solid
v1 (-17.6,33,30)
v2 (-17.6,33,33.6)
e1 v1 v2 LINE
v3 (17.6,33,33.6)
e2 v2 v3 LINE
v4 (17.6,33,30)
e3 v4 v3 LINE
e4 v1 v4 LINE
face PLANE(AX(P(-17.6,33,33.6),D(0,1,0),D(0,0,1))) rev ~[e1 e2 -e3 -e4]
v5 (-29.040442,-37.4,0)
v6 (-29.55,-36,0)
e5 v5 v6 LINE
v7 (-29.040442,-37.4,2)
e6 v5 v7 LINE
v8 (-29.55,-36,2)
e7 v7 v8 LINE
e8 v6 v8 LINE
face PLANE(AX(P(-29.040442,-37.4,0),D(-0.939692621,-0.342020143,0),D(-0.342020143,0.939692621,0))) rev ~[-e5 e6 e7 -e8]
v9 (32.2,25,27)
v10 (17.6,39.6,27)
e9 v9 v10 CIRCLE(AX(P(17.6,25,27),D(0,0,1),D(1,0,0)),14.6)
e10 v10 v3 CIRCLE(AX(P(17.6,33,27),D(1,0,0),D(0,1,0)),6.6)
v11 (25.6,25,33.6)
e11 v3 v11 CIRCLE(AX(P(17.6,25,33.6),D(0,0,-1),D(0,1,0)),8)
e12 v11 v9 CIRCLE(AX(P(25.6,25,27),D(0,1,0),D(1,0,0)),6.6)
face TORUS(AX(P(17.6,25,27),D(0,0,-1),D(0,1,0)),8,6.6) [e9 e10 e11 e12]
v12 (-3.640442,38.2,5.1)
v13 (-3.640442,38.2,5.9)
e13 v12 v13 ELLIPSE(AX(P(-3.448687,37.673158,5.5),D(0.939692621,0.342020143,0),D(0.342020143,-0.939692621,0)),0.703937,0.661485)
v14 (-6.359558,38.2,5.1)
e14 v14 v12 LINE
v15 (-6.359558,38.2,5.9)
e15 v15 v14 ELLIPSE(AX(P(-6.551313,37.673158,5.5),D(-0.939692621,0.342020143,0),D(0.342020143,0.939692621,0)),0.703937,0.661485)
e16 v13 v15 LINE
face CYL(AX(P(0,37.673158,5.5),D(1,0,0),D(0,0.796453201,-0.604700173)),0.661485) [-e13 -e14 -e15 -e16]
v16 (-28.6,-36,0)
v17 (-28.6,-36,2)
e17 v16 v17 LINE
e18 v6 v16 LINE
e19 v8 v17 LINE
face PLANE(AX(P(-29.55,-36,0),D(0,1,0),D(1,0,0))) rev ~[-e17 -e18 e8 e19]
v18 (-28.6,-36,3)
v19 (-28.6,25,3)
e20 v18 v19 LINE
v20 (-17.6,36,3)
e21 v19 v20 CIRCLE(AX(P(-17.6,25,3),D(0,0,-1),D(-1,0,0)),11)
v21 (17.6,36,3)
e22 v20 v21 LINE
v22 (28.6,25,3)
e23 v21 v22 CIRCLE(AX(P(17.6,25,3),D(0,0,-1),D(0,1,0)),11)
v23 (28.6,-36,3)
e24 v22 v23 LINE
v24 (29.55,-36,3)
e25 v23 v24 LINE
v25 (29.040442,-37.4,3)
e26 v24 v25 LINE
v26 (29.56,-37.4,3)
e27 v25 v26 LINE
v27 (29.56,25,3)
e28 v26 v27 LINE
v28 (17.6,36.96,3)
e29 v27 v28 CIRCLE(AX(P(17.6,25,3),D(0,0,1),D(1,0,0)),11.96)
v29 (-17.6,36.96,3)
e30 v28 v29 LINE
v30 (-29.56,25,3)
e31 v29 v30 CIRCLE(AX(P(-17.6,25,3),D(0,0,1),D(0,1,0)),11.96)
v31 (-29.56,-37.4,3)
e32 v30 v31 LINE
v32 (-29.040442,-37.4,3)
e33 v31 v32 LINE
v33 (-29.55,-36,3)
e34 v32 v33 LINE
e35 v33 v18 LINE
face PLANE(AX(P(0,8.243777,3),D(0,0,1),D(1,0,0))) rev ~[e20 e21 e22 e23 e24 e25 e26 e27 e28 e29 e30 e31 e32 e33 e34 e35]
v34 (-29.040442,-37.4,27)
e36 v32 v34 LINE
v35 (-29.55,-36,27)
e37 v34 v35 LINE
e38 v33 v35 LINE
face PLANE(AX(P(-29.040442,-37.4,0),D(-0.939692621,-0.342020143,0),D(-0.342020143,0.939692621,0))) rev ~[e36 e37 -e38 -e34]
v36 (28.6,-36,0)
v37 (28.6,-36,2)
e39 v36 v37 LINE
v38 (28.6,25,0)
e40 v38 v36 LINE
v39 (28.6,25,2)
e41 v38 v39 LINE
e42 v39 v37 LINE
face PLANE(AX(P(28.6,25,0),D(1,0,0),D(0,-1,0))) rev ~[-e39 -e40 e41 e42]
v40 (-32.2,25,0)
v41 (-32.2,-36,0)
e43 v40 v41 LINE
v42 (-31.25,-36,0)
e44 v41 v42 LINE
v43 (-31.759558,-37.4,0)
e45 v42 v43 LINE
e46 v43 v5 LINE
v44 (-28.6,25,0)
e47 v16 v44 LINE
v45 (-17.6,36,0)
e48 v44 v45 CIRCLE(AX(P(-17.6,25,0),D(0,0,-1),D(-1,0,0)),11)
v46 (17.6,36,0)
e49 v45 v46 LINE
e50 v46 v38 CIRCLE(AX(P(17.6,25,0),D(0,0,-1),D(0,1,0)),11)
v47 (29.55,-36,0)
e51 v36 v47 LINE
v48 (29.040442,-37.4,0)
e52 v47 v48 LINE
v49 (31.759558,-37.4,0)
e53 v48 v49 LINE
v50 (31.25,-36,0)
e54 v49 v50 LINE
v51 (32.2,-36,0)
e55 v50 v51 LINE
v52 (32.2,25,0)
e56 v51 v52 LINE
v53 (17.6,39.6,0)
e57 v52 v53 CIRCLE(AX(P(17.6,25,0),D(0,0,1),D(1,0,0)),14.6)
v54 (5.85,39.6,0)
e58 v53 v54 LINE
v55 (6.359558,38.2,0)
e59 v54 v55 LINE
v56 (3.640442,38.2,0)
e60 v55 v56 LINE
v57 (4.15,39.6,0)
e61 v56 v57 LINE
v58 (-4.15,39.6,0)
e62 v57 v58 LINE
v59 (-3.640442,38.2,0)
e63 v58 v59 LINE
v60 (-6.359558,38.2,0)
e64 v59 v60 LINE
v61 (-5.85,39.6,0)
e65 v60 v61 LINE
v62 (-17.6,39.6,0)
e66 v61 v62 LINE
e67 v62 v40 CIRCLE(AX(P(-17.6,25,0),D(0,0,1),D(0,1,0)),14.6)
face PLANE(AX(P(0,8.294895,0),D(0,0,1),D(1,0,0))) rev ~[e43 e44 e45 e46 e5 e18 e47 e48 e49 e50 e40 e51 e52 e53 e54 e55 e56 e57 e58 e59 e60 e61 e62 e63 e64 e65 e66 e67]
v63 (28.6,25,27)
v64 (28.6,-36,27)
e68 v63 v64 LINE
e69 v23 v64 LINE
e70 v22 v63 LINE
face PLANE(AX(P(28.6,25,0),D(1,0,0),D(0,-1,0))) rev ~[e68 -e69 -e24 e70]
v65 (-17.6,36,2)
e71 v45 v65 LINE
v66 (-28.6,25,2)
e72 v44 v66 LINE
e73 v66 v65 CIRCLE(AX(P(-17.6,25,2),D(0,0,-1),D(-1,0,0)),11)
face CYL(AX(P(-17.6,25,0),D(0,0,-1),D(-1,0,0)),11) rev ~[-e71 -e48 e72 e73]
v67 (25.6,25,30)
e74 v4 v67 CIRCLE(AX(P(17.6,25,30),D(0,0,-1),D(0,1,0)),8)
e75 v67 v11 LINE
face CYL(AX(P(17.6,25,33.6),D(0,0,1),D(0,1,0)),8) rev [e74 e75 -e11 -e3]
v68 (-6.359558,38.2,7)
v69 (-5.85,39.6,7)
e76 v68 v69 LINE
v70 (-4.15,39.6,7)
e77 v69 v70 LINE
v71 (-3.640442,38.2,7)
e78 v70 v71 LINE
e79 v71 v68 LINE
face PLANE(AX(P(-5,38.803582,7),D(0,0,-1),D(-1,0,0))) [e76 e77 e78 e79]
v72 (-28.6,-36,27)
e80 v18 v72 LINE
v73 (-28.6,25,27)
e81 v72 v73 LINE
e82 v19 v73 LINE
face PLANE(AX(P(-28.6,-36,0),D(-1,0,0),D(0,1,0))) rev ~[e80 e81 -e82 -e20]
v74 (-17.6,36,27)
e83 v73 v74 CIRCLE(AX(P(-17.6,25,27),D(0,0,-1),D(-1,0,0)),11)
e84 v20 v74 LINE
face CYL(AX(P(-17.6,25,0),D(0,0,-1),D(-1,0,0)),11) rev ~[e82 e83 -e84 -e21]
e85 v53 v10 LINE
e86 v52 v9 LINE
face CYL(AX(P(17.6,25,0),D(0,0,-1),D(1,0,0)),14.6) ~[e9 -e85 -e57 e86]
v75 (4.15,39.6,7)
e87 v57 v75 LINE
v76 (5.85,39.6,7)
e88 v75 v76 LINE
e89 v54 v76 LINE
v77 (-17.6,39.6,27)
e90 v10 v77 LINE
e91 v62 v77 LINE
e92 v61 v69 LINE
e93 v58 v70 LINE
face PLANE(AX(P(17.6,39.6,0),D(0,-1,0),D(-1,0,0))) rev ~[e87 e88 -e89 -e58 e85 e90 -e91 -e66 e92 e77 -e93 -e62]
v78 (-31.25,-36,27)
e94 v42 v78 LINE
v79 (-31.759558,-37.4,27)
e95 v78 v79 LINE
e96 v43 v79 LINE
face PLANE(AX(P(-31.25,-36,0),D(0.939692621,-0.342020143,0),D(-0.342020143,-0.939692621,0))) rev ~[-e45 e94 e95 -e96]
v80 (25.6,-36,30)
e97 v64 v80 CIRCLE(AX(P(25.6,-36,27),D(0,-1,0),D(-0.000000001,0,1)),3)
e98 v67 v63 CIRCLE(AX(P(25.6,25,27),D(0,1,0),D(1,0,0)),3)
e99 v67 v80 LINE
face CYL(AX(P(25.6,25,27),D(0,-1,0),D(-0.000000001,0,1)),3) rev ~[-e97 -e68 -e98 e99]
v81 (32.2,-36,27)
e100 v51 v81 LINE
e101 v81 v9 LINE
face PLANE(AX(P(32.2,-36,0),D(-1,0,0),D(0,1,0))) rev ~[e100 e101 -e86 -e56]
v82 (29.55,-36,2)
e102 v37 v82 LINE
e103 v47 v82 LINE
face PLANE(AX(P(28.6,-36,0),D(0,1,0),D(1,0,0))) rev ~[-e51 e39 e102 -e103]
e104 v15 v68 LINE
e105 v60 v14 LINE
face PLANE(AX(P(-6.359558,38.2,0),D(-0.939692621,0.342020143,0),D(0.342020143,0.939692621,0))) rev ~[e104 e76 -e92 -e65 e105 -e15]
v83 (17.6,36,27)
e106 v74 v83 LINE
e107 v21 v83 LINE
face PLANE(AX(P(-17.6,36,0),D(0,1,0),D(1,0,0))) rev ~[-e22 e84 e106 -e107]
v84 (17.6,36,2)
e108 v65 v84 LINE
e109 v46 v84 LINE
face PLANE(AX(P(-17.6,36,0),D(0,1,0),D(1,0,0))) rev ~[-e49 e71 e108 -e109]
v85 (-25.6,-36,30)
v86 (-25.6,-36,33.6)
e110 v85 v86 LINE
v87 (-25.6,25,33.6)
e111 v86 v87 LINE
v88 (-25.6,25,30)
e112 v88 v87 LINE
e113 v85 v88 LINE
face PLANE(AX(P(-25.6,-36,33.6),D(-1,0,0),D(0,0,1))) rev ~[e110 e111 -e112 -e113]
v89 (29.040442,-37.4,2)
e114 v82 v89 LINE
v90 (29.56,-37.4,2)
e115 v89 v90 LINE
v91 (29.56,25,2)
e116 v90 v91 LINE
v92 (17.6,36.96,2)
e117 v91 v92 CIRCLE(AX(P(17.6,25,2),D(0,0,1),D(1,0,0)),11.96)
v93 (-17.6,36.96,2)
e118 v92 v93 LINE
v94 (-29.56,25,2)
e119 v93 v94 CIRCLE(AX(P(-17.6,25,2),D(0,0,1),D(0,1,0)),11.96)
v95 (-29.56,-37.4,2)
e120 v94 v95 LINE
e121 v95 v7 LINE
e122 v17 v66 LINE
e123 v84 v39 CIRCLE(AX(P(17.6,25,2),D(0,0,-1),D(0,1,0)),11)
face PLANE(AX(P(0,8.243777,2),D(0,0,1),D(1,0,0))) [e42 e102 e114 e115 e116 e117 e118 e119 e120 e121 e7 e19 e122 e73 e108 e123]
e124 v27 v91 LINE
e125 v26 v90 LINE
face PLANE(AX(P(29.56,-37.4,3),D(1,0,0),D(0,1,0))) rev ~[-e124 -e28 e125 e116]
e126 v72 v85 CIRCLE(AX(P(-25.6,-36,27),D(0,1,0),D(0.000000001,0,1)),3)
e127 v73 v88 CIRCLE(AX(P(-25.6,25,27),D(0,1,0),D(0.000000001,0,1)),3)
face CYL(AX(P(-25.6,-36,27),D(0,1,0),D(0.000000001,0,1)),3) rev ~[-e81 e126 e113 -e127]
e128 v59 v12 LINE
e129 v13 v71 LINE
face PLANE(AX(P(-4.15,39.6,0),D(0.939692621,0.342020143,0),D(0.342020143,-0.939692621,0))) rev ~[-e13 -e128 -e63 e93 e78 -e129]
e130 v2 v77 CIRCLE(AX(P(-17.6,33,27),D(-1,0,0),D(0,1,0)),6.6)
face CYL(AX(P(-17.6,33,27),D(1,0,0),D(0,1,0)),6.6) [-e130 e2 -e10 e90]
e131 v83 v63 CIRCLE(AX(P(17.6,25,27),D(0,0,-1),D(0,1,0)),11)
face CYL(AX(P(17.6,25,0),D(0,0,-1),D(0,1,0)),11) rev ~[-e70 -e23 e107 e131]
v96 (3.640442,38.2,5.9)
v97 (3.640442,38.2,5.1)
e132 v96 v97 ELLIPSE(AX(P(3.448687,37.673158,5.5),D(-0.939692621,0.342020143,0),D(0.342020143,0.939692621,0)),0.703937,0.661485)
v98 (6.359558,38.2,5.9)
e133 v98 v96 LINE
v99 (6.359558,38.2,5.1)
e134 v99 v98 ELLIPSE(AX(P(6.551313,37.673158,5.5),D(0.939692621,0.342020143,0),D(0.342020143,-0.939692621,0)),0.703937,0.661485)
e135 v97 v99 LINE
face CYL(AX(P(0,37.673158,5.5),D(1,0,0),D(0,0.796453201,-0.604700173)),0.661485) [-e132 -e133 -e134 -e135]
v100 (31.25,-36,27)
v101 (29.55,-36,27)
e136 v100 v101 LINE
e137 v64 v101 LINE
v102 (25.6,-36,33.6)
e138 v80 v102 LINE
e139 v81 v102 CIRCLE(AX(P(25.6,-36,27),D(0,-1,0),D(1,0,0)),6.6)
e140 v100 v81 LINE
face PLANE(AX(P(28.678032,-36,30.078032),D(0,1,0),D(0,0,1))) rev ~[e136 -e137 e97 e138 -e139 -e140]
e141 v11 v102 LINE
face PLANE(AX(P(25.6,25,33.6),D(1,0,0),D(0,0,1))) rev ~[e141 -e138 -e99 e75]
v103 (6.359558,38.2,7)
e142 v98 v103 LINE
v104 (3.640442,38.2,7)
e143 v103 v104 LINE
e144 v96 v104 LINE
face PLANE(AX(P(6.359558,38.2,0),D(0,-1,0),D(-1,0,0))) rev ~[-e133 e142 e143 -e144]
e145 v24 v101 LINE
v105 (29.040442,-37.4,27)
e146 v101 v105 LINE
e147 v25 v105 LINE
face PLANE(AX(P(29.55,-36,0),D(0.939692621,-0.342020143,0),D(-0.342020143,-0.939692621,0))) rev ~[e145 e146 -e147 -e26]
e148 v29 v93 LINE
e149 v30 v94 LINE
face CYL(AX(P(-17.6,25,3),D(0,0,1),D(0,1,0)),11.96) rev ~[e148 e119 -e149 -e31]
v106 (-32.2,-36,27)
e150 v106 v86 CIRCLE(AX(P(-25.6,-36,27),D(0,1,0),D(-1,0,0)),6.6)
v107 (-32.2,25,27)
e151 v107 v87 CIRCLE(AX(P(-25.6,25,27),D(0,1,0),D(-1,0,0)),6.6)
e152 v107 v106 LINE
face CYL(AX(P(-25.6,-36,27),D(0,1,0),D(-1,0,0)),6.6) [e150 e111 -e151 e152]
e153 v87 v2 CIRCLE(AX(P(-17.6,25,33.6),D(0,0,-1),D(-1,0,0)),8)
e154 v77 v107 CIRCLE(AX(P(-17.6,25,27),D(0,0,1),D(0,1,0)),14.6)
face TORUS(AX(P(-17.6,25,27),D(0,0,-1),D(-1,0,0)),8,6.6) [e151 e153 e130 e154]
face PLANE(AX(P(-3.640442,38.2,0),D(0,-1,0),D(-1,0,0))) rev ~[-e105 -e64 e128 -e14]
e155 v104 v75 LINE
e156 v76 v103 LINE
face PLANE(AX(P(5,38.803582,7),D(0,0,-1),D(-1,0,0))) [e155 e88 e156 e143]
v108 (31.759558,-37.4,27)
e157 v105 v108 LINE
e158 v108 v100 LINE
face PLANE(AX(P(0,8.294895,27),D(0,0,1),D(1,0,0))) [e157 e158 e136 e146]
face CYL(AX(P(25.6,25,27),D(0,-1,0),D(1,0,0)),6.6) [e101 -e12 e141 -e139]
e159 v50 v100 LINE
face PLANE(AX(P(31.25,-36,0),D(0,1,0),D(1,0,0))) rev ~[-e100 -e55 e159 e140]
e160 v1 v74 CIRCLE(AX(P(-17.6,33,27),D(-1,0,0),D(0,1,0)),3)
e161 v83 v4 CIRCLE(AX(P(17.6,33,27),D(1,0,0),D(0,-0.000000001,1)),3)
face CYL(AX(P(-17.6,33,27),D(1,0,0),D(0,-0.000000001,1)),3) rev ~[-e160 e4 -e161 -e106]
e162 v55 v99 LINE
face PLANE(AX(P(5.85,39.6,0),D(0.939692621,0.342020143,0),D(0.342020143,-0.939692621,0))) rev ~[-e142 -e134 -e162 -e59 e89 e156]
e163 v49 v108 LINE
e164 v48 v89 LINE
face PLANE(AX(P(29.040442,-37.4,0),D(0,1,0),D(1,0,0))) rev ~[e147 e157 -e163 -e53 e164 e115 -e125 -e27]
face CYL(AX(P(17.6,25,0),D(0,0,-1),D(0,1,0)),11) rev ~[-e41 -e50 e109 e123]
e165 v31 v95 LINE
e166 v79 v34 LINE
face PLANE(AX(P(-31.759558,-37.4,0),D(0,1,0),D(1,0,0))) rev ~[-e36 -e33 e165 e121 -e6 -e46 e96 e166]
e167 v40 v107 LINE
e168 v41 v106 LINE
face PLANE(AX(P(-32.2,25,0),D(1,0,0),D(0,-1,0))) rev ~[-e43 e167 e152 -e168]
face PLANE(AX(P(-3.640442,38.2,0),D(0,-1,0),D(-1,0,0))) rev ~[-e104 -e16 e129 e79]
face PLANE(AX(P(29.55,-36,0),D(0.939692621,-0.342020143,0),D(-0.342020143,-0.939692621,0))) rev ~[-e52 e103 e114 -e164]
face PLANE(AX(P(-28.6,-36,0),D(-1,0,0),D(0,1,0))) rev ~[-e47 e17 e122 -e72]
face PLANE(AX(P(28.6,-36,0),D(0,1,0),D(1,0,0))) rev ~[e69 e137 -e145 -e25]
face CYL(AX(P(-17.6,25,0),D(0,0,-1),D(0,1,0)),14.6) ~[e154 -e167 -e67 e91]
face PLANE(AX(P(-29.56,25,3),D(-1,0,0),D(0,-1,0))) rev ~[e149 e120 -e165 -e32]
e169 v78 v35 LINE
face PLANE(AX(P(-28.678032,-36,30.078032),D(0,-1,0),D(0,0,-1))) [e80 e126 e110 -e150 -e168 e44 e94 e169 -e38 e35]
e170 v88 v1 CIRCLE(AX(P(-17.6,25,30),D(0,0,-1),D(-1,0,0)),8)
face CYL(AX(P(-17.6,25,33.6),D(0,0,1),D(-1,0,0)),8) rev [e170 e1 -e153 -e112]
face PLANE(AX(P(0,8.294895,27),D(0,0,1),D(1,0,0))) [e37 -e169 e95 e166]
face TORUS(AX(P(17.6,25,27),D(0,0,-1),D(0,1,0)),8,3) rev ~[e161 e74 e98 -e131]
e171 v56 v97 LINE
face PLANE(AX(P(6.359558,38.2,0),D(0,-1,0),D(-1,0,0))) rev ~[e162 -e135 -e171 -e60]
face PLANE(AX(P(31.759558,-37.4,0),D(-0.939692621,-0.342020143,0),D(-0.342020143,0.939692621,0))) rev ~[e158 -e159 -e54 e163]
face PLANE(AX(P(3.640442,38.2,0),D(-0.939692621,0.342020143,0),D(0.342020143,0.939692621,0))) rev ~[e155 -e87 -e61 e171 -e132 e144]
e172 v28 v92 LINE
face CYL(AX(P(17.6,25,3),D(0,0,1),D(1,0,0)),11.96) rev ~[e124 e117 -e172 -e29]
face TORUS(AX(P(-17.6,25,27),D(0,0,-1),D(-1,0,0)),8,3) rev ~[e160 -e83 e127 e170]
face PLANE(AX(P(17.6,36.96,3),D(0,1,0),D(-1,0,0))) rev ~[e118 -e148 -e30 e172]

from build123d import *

# Parameters (mm, degrees)
EXTRUDE_1_DEPTH     = 27
CUT_EXTRUDE_1_DEPTH = 1
CUT_EXTRUDE_4_DEPTH = 7
EXTRUDE_2_DEPTH     = 6.5


with BuildPart() as part:
    # 草圖1 → 填料-伸長1 (new body)
    with BuildSketch(Plane.XY):
        with BuildLine():
            Line((-32.2, 25), (-32.2, -36))
            Line((-32.2, -36), (-31.25, -36))
            Line((-31.25, -36), (-31.759558328, -37.4))
            Line((-31.759558328, -37.4), (-29.040441672, -37.4))
            Line((-29.040441672, -37.4), (-29.55, -36))
            Line((-29.55, -36), (-28.6, -36))
            Line((-28.6, -36), (-28.6, 25))
            ThreePointArc((-28.6, 25), (-25.378174593, 32.778174593), (-17.6, 36))
            Line((-17.6, 36), (17.6, 36))
            ThreePointArc((17.6, 36), (25.378174593, 32.778174593), (28.6, 25))
            Line((28.6, 25), (28.6, -36))
            Line((28.6, -36), (29.55, -36))
            Line((29.55, -36), (29.040441672, -37.4))
            Line((29.040441672, -37.4), (31.759558328, -37.4))
            Line((31.759558328, -37.4), (31.25, -36))
            Line((31.25, -36), (32.2, -36))
            Line((32.2, -36), (32.2, 25))
            ThreePointArc((32.2, 25), (27.923759005, 35.323759005), (17.6, 39.6))
            Line((17.6, 39.6), (-17.6, 39.6))
            ThreePointArc((-17.6, 39.6), (-27.923759005, 35.323759005), (-32.2, 25))
        make_face()
    extrude(amount=EXTRUDE_1_DEPTH)

    # 草圖4 → 除料-伸長1 (cut)
    with BuildSketch(Plane.XY.offset(3)):
        with BuildLine():
            Line((-28.6, -36), (-28.6, 25))
            ThreePointArc((-28.6, 25), (-25.378174593, 32.778174593), (-17.6, 36))
            Line((-17.6, 36), (17.6, 36))
            ThreePointArc((17.6, 36), (25.378174593, 32.778174593), (28.6, 25))
            Line((28.6, 25), (28.6, -36))
            Line((28.6, -36), (28.6, -37.4))
            Line((28.6, -37.4), (29.56, -37.4))
            Line((29.56, -37.4), (29.56, -36))
            Line((29.56, -36), (29.56, 25))
            ThreePointArc((29.56, 25), (26.056997103, 33.456997103), (17.6, 36.96))
            Line((17.6, 36.96), (-17.6, 36.96))
            ThreePointArc((-17.6, 36.96), (-26.056997103, 33.456997103), (-29.56, 25))
            Line((-29.56, 25), (-29.56, -36))
            Line((-29.56, -36), (-29.56, -37.4))
            Line((-29.56, -37.4), (-28.6, -37.4))
            Line((-28.6, -37.4), (-28.6, -36))
        make_face()
    extrude(amount=-CUT_EXTRUDE_1_DEPTH, mode=Mode.SUBTRACT)

    # 掃出2: sweep along a path in 草圖5
    with BuildLine(Plane.XY.offset(27)) as sweep_2_path:
        Line((-30.4, -36), (-30.4, 25))
        ThreePointArc((-30.4, 25), (-26.650966799, 34.050966799), (-17.6, 37.8))
        Line((-17.6, 37.8), (17.6, 37.8))
        ThreePointArc((17.6, 37.8), (26.650966799, 34.050966799), (30.4, 25))
        Line((30.4, 25), (30.4, -36))
    # 草圖7 → 掃出2 (sweep)
    with BuildSketch(Plane.XZ.offset(36)):
        with BuildLine():
            Line((-28.6, 27), (-32.2, 27))
            ThreePointArc((-32.2, 27), (-30.266904756, 31.666904756), (-25.6, 33.6))
            Line((-25.6, 33.6), (-25.6, 30))
            ThreePointArc((-25.6, 30), (-27.721320344, 29.121320344), (-28.6, 27))
        make_face()
    sweep(path=sweep_2_path.line)

    # 草圖9 → 除料-伸長4 (cut)
    with BuildSketch(Plane(origin=(0, 0, 0), x_dir=(-1, 0, 0), z_dir=(0, 0, -1))):
        Polygon((-5.85, 39.6), (-6.359558328, 38.2), (-3.640441672, 38.2), (-4.15, 39.6), align=None)
        Polygon((5.85, 39.6), (4.15, 39.6), (3.640441672, 38.2), (6.359558328, 38.2), align=None)
    extrude(amount=-CUT_EXTRUDE_4_DEPTH, mode=Mode.SUBTRACT)

    # 草圖10 → 填料-伸長2 (add, symmetric)
    with BuildSketch(Plane(origin=(0, 0, 0), x_dir=(0, 0, -1), z_dir=(1, 0, 0))):
        with BuildLine():
            Line((-5.9, 38.2), (-5.1, 38.2))
            ThreePointArc((-5.1, 38.2), (-5.5, 38.334643123), (-5.9, 38.2))
        make_face()
    extrude(amount=EXTRUDE_2_DEPTH, both=True)


solid = part.part
